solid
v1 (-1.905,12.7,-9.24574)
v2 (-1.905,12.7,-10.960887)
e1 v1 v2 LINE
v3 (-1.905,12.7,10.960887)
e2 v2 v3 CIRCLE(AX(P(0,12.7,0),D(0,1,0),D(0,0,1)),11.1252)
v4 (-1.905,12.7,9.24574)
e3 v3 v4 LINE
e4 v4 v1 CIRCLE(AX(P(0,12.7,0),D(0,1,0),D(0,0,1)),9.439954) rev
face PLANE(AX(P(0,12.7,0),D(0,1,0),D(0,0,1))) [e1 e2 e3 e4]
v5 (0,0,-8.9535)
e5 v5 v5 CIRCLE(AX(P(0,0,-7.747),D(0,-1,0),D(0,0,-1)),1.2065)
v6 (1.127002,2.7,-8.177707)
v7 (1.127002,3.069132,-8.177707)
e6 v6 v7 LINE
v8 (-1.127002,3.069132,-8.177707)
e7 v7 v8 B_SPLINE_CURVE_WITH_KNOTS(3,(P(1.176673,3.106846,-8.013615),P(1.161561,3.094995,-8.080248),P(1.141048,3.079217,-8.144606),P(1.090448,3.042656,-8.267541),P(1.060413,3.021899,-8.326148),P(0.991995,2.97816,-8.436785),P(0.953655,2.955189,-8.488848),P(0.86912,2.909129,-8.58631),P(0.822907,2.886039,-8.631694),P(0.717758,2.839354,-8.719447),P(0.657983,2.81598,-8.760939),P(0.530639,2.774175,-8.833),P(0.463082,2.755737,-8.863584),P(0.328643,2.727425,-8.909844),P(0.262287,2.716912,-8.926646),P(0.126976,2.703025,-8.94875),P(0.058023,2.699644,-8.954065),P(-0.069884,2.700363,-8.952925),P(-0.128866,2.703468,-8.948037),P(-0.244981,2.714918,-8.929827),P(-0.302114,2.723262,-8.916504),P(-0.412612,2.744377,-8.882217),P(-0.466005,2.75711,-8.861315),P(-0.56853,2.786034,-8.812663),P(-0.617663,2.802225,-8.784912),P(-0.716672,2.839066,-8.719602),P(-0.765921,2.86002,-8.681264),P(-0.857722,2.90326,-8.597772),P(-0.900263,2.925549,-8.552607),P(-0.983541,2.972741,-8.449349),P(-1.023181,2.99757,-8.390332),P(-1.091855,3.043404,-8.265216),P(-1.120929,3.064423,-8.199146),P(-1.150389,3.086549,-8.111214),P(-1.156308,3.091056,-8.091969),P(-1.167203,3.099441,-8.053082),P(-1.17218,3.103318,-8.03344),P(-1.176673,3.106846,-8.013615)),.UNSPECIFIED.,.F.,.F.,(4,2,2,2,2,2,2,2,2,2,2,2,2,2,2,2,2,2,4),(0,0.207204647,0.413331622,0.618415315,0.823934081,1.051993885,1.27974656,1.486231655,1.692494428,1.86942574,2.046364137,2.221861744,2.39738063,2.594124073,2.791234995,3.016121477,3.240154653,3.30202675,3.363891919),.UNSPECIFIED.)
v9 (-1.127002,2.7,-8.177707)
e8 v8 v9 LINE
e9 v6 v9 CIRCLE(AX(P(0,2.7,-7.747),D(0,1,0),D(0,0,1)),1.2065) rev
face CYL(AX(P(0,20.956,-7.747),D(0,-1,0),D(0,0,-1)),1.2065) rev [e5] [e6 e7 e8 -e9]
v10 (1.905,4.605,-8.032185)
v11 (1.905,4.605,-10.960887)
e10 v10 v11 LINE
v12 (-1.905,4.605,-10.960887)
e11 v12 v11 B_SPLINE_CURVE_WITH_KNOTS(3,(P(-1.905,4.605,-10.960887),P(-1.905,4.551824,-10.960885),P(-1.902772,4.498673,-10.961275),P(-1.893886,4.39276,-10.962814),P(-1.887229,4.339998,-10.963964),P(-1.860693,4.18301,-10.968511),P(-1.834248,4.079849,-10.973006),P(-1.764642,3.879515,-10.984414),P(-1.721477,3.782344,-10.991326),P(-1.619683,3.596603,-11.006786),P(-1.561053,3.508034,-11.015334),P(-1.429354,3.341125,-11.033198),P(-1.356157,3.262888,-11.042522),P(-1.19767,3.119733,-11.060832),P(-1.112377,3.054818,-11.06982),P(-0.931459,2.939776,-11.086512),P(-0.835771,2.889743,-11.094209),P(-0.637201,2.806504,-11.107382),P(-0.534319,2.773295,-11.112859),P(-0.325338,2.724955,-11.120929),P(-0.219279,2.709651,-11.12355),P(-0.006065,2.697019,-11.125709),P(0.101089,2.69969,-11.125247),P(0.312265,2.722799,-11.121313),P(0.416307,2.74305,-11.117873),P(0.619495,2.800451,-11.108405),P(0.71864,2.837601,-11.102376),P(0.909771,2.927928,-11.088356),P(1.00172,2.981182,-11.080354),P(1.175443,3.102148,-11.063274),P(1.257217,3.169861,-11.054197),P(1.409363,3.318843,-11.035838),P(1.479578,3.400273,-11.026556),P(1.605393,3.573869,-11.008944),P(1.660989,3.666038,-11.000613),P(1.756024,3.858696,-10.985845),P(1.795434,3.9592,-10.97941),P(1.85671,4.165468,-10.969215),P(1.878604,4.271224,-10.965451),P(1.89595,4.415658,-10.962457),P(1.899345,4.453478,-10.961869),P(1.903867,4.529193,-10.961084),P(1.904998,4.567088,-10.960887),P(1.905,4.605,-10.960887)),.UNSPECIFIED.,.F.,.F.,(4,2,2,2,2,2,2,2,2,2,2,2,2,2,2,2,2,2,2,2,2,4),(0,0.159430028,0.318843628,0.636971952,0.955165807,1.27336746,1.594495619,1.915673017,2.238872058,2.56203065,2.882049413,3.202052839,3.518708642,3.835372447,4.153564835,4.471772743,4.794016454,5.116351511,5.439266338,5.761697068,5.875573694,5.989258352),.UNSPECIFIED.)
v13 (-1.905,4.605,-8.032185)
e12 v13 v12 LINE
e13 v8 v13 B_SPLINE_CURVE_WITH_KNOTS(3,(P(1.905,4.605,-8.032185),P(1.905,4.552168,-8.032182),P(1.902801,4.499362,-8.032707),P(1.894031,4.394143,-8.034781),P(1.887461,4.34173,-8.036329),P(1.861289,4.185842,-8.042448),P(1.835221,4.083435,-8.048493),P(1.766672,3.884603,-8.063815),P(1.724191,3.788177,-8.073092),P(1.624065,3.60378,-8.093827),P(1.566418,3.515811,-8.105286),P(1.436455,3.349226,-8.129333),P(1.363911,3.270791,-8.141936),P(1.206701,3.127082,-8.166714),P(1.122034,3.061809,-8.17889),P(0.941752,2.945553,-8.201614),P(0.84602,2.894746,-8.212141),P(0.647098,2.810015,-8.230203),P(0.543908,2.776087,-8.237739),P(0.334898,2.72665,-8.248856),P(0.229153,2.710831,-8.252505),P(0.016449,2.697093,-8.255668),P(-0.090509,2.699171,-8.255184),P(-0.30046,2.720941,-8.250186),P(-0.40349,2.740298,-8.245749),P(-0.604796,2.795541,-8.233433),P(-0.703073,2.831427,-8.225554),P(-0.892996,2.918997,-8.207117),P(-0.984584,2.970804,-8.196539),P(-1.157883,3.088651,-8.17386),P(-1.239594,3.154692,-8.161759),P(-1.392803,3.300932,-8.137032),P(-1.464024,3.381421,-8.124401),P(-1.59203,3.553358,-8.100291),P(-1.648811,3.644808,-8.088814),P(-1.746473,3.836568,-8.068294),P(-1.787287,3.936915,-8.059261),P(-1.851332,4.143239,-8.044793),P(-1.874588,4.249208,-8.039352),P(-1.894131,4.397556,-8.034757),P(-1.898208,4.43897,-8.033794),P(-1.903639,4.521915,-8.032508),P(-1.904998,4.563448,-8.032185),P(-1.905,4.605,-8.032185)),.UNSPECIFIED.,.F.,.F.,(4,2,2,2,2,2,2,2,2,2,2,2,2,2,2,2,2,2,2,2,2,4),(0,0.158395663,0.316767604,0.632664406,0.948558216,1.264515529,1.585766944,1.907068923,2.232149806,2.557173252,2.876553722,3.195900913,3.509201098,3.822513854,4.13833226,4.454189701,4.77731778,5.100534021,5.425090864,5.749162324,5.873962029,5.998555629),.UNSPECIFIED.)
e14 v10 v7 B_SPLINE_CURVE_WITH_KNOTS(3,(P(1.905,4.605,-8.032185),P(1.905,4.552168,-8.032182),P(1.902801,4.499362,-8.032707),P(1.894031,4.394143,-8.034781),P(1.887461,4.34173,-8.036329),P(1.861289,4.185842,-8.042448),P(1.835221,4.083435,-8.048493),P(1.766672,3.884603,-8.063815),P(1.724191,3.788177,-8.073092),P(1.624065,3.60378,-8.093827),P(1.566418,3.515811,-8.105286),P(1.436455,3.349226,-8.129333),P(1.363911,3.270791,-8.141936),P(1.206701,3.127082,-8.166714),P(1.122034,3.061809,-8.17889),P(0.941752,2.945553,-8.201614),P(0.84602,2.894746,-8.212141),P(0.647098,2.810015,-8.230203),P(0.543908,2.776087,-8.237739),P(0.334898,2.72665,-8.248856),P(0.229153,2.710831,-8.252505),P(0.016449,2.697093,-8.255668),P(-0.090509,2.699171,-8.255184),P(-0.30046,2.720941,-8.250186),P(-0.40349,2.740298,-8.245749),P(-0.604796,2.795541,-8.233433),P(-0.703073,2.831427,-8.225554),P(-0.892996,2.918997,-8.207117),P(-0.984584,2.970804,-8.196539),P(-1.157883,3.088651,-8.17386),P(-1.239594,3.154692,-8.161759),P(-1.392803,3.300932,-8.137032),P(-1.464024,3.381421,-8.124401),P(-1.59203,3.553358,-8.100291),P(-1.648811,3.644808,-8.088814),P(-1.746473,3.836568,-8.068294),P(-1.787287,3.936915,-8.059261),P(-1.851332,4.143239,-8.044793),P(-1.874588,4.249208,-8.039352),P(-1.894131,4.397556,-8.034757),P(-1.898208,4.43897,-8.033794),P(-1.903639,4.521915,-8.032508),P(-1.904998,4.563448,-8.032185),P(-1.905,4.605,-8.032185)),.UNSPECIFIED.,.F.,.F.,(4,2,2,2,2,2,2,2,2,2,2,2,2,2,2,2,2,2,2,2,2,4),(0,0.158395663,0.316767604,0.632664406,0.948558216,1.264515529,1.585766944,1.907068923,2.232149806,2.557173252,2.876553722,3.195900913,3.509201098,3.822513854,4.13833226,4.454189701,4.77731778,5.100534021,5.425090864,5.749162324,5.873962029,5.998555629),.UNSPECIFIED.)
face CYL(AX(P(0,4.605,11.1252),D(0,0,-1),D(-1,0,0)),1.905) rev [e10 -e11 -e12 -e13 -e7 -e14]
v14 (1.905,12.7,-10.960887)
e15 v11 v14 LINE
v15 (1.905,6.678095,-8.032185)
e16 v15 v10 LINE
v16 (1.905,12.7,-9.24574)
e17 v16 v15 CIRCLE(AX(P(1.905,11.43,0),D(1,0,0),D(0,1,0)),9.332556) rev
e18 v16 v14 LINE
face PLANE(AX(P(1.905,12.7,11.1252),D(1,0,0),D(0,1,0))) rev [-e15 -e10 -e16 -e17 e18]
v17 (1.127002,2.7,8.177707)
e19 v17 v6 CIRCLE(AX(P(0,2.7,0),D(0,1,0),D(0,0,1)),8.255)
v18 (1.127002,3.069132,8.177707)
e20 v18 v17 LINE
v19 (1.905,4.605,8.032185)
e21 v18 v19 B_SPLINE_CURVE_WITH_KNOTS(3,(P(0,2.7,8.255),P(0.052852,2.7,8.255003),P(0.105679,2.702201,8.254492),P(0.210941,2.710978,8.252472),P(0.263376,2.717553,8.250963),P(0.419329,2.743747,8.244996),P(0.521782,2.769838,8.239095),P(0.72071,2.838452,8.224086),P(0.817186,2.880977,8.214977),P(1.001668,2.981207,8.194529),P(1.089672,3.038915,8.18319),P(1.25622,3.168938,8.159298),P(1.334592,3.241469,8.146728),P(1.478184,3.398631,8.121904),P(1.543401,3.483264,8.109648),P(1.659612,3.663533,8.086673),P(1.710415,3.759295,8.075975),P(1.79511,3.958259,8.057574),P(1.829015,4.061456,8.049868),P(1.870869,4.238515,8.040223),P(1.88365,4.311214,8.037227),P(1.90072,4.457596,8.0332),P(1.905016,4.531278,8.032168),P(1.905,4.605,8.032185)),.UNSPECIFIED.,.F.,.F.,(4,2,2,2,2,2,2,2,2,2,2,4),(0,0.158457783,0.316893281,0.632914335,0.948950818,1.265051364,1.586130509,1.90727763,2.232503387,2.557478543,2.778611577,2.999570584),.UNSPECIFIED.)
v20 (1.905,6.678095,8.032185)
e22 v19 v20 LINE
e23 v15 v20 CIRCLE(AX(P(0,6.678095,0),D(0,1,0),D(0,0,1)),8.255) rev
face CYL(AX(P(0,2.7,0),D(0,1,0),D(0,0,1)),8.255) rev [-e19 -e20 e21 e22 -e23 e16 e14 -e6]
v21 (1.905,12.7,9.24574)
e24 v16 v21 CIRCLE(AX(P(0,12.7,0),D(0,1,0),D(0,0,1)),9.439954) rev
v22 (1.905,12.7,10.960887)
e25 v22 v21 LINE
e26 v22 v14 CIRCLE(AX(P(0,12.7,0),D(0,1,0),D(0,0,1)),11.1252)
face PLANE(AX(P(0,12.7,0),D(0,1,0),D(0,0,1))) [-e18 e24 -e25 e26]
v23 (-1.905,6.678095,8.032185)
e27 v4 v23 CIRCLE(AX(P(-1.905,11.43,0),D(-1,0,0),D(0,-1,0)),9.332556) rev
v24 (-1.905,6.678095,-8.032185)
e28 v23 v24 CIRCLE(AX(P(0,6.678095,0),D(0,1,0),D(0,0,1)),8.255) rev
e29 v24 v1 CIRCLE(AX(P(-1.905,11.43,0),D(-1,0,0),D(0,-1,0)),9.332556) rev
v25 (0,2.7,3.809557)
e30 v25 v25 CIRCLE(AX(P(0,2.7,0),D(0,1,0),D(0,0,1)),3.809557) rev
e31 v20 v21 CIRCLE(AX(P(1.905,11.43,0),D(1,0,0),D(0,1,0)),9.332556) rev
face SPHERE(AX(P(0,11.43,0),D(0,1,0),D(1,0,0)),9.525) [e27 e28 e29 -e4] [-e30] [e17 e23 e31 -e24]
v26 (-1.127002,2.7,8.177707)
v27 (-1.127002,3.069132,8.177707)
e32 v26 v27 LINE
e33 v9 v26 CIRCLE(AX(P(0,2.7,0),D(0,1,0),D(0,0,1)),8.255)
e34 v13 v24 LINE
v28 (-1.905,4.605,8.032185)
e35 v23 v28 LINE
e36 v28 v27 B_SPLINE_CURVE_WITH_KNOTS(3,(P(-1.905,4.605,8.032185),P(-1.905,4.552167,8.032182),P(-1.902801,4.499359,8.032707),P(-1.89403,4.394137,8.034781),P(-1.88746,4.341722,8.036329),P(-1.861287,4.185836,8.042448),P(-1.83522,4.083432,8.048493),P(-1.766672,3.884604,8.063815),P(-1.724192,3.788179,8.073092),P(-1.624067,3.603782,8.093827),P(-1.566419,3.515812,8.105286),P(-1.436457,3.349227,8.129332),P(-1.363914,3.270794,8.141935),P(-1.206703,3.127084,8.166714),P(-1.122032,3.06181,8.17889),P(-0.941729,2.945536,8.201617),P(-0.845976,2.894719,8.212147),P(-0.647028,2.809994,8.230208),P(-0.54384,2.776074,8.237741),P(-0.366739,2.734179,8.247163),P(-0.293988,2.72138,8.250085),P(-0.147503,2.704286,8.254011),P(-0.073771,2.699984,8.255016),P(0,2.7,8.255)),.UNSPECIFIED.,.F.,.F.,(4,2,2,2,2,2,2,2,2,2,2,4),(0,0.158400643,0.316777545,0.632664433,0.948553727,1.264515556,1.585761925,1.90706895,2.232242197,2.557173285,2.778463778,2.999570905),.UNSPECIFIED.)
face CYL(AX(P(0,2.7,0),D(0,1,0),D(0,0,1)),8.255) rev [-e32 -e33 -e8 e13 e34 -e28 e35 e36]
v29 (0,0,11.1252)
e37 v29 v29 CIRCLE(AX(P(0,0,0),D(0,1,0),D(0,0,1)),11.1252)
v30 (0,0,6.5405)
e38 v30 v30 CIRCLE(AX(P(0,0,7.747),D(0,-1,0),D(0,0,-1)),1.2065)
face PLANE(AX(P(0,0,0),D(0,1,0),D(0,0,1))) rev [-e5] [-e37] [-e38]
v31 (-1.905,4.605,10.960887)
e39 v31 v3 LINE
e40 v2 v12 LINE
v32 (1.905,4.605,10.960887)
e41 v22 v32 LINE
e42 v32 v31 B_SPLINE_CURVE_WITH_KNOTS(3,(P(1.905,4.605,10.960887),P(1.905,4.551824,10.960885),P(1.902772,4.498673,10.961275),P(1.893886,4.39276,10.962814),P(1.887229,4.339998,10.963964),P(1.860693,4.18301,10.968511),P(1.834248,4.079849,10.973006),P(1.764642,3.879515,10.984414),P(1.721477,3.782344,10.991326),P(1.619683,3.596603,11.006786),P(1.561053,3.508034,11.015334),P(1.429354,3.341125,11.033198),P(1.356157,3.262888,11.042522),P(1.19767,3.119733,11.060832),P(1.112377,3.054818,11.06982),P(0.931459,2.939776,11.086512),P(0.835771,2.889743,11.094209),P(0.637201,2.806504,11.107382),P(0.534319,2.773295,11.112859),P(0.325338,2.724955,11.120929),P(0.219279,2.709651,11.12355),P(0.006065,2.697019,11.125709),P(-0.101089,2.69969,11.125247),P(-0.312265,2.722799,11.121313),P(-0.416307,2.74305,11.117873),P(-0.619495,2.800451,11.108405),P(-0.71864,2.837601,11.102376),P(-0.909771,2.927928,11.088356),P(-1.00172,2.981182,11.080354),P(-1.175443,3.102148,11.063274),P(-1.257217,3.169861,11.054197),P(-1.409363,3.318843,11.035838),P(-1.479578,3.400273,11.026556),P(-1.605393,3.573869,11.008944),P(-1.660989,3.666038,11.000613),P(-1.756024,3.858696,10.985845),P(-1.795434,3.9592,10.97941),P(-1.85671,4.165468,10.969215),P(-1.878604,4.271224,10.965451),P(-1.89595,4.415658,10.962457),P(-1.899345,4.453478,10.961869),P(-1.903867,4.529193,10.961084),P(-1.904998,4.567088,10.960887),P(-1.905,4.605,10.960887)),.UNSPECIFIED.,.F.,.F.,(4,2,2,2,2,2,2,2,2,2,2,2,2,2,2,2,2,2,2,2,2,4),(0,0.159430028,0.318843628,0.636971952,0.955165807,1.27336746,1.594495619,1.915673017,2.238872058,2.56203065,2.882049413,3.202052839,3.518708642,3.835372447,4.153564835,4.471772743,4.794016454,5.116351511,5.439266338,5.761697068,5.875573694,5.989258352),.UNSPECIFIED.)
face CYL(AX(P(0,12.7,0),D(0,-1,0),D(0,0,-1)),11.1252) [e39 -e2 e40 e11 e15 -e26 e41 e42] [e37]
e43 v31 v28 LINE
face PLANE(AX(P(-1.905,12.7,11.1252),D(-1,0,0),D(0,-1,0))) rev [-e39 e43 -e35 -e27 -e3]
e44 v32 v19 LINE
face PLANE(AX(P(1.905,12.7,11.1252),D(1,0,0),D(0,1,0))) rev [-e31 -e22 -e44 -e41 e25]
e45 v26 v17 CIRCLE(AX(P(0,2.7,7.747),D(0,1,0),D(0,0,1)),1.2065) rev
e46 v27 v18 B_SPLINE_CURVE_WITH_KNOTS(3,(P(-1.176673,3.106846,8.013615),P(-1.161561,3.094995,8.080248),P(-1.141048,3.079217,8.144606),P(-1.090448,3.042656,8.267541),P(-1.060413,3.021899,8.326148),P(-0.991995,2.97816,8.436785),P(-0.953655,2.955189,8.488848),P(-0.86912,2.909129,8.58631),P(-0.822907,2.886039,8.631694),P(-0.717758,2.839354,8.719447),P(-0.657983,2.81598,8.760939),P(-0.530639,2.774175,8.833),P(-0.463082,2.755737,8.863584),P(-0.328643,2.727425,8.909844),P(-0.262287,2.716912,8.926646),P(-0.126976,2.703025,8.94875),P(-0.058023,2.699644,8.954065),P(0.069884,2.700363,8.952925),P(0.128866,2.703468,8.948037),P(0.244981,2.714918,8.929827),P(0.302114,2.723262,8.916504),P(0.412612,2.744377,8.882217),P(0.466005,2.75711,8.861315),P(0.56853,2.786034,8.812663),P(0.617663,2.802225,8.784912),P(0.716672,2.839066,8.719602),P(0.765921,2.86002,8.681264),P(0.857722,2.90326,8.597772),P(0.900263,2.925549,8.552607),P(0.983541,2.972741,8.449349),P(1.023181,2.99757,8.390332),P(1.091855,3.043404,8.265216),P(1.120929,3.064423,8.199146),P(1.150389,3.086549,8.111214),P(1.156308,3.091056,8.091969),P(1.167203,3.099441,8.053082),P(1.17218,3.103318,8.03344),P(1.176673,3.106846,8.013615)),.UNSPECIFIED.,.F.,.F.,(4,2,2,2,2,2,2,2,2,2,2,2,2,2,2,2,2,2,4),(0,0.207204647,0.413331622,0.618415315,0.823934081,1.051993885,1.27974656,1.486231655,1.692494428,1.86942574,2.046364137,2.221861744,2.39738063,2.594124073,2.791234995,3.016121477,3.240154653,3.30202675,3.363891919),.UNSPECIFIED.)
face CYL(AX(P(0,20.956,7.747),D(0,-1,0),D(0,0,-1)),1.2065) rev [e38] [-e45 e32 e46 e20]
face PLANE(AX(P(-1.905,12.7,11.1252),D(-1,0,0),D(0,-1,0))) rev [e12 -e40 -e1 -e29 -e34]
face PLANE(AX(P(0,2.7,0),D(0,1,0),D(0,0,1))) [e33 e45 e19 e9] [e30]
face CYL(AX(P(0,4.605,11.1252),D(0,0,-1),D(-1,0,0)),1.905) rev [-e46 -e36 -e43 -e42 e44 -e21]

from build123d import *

# Parameters (mm, degrees)
SKETCH1_R           = 11.1252
BOSS_EXTRUDE1_DEPTH = 12.7
SKETCH4_R           = 8.255
CUT_EXTRUDE2_DEPTH  = 10
CUT_EXTRUDE1_DEPTH  = 28.930993094
CUT_EXTRUDE3_REACH  = 28.204
SKETCH5_R           = 1.2065


with BuildPart() as part:
    # Sketch1 → Boss-Extrude1 (new body)
    with BuildSketch(Plane(origin=(0, 0, 0), x_dir=(1, 0, 0), z_dir=(0, 1, 0))):
        Circle(SKETCH1_R)
    extrude(amount=BOSS_EXTRUDE1_DEPTH)

    # Sketch4 → Cut-Extrude2 (cut)
    with BuildSketch(Plane(origin=(0, 12.7, 0), x_dir=(1, 0, 0), z_dir=(0, 1, 0))):
        Circle(SKETCH4_R)
    extrude(amount=-CUT_EXTRUDE2_DEPTH, mode=Mode.SUBTRACT)

    # Sketch3 → Cut-Extrude1 (cut, through all)
    with BuildSketch(Plane(origin=(0, 0, -11.1252), x_dir=(-1, 0, 0), z_dir=(0, 0, -1))):
        with BuildLine():
            Line((-1.905, 12.7), (-1.905, 4.605))
            ThreePointArc((-1.905, 4.605), (0, 2.7), (1.905, 4.605))
            Line((1.905, 4.605), (1.905, 12.7))
            Line((1.905, 12.7), (-1.905, 12.7))
        make_face()
    extrude(amount=-CUT_EXTRUDE1_DEPTH, mode=Mode.SUBTRACT)

    # Sketch2 → Revolve3 (revolve)
    with BuildSketch(Plane.XY):
        with BuildLine():
            Line((0, 20.955), (0, 1.905))
            ThreePointArc((0, 1.905), (9.525, 11.43), (0, 20.955))
        make_face()
    revolve(axis=Axis((0, 20.955, 0), (0, -1, 0)))

    # Sketch5 → Cut-Extrude3 (cut, up to next)
    with BuildSketch(Plane.XZ, mode=Mode.PRIVATE) as cut_extrude3_sk1:
        with Locations((0, 7.747)):
            Circle(SKETCH5_R)
    cut_extrude3_tool1 = extrude(cut_extrude3_sk1.sketch, amount=-CUT_EXTRUDE3_REACH, mode=Mode.PRIVATE) & part.part
    # Sketch5 → Cut-Extrude3 (cut, up to next)
    with BuildSketch(Plane.XZ, mode=Mode.PRIVATE) as cut_extrude3_sk2:
        with Locations((0, -7.747)):
            Circle(SKETCH5_R)
    cut_extrude3_tool2 = extrude(cut_extrude3_sk2.sketch, amount=-CUT_EXTRUDE3_REACH, mode=Mode.PRIVATE) & part.part
    add(cut_extrude3_tool1.solids().sort_by_distance((0, 0, 7.747))[0], mode=Mode.SUBTRACT)
    add(cut_extrude3_tool2.solids().sort_by_distance((0, 0, -7.747))[0], mode=Mode.SUBTRACT)


solid = part.part
